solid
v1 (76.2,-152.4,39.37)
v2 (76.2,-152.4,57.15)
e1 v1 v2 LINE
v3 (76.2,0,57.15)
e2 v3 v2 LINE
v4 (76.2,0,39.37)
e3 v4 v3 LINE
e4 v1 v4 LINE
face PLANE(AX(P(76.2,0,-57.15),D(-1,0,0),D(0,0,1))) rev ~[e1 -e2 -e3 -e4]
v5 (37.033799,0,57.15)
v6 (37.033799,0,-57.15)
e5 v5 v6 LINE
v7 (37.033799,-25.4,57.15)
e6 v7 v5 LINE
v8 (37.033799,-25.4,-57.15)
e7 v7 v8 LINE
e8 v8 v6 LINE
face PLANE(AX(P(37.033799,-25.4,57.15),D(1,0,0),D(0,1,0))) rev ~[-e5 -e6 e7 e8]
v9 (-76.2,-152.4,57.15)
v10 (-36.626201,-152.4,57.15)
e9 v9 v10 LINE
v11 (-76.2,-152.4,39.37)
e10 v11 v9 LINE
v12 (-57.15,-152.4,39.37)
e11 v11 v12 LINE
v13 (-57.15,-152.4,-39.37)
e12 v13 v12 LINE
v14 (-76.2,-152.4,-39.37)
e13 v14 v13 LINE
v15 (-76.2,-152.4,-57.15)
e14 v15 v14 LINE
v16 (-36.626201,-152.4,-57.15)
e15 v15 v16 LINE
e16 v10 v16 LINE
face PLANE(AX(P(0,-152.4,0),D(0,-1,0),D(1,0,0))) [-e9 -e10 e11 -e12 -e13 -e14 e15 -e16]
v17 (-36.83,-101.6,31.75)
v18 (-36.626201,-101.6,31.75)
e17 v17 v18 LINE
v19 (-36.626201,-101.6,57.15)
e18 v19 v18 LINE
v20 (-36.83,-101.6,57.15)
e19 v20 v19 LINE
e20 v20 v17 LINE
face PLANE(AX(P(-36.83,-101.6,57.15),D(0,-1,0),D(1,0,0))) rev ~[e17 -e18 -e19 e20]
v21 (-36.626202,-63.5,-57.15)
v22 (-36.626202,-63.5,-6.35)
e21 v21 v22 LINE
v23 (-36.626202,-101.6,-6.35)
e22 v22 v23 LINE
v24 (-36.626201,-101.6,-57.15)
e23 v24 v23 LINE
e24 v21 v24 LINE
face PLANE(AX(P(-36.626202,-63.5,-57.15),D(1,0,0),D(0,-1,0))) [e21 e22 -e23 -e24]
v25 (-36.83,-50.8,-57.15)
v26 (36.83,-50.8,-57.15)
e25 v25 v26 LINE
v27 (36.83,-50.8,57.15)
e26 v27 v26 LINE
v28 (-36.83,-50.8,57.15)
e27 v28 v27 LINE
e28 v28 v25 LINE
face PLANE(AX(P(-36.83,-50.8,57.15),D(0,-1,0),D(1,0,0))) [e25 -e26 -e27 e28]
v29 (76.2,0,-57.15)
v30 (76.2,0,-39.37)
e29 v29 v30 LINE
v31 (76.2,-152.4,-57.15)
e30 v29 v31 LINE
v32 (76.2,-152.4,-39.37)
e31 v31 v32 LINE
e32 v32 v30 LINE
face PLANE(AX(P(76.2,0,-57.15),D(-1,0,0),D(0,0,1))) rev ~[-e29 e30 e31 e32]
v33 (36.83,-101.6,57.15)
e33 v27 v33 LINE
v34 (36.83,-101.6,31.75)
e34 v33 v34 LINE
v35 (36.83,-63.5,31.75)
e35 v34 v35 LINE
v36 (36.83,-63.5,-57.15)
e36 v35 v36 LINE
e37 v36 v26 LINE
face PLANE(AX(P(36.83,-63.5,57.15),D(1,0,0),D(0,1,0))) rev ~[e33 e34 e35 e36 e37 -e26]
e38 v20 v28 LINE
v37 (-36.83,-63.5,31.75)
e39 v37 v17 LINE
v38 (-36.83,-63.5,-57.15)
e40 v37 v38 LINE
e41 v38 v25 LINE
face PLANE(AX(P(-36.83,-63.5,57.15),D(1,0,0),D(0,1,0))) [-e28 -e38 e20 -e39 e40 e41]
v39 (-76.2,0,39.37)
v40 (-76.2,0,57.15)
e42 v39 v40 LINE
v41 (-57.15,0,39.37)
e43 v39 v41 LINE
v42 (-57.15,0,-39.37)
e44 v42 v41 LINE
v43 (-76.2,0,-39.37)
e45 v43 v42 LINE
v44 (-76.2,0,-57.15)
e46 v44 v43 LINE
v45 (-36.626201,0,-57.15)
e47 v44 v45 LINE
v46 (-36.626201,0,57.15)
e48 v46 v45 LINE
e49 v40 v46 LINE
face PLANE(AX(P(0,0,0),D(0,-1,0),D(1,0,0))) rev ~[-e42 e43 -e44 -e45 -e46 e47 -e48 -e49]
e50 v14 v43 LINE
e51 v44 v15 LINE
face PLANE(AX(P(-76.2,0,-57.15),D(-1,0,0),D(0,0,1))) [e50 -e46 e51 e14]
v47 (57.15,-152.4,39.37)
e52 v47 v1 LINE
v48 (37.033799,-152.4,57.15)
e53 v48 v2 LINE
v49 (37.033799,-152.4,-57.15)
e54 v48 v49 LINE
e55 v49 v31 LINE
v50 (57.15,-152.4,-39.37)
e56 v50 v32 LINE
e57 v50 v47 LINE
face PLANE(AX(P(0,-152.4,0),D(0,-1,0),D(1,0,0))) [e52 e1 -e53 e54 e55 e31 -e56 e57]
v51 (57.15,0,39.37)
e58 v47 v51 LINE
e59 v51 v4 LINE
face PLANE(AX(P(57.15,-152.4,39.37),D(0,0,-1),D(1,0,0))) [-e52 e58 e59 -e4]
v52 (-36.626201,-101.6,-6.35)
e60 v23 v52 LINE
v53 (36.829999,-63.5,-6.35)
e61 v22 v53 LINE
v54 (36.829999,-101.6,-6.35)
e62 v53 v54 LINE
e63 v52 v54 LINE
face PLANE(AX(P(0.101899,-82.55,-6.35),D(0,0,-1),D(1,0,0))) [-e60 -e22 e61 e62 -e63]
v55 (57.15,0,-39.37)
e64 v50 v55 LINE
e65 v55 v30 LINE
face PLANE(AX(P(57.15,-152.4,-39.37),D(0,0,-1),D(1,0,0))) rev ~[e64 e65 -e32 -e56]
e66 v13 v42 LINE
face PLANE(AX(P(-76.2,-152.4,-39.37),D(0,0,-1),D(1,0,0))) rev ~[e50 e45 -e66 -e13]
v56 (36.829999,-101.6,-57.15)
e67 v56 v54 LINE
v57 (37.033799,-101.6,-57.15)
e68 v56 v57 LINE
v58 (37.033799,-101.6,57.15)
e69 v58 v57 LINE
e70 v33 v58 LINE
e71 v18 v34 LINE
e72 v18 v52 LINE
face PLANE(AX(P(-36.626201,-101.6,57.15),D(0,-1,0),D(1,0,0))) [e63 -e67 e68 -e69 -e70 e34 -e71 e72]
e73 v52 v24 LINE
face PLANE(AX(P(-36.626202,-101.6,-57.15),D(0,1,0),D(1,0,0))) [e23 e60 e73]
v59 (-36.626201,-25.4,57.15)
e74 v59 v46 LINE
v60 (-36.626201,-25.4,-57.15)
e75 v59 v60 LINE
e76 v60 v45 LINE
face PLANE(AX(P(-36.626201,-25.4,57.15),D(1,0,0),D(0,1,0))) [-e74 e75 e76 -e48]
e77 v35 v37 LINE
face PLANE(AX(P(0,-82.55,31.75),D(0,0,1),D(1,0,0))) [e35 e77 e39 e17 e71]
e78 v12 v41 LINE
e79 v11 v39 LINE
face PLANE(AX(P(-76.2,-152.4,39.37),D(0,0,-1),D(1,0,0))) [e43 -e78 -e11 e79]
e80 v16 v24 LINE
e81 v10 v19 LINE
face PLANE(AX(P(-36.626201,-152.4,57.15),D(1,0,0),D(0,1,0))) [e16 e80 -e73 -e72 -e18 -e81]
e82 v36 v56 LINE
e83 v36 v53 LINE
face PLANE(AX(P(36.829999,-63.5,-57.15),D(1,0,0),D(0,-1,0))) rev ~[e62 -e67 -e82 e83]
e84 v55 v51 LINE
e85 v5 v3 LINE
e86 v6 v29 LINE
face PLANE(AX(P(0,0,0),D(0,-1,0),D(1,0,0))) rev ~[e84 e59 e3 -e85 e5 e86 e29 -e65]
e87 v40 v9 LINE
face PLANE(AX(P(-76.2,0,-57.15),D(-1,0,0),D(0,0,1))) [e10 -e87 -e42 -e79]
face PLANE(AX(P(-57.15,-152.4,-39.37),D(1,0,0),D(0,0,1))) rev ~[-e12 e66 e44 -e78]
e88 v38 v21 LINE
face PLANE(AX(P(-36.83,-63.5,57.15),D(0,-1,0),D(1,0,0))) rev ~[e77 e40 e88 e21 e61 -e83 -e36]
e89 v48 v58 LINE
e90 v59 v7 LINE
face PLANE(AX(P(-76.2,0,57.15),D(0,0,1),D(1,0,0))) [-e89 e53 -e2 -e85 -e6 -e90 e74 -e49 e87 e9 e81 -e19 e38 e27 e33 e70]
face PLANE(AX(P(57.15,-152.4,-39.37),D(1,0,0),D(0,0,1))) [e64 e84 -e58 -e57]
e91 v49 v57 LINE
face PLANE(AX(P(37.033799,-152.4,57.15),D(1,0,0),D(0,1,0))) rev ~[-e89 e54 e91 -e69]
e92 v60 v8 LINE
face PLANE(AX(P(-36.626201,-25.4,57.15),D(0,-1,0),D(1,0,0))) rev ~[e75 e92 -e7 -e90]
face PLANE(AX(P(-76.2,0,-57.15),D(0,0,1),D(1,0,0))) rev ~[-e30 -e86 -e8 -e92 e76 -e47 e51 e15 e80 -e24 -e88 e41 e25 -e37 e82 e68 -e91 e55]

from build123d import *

# Parameters (mm, degrees)
F0_W      = 152.4
F0_H      = 114.3
F1_DEPTH  = 152.4
F2_W      = 19.05
F2_H      = 78.74
F3_DEPTH  = 152.401
F4_DEPTH  = 152.401
F5_W      = 73.66
F5_H      = 50.8
F5_H_2    = 25.4
F6_DEPTH  = 114.301
F7_W      = 73.66
F7_H      = 12.7
F8_DEPTH  = 114.301
F9_DEPTH  = 25.4
F10_W     = 73.456201
F10_H     = 38.1
F11_DEPTH = 50.8


with BuildPart() as f1:
    # F0 (on Front) → F1 (new body)
    with BuildSketch(Plane.XZ):
        Rectangle(F0_W, F0_H)
    extrude(amount=F1_DEPTH)

    # F2 (on face) → F3 (cut, through all)
    with BuildSketch(Plane.XZ.offset(152.4)):
        with Locations((-66.675, 0)):
            Rectangle(F2_W, F2_H)
    extrude(amount=-F3_DEPTH, mode=Mode.SUBTRACT)

    # F2 (on face) → F4 (cut, through all)
    with BuildSketch(Plane.XZ.offset(152.4)):
        with Locations((66.675, 0)):
            Rectangle(F2_W, F2_H)
    extrude(amount=-F4_DEPTH, mode=Mode.SUBTRACT)

    # F5 (on face) → F6 (cut, through all)
    with BuildSketch(Plane.XY.offset(57.15)):
        with Locations((0.203799, -127)):
            Rectangle(F5_W, F5_H)
        with Locations((0.203799, -12.7)):
            Rectangle(F5_W, F5_H_2)
    extrude(amount=-F6_DEPTH, mode=Mode.SUBTRACT)

    # F7 (on face) → F8 (cut, through all)
    with BuildSketch(Plane.XY.offset(57.15)):
        with Locations((0, -57.15)):
            Rectangle(F7_W, F7_H)
    extrude(amount=-F8_DEPTH, mode=Mode.SUBTRACT)

    # F7 (on face) → F9 (cut)
    with BuildSketch(Plane.XY.offset(57.15)):
        Polygon((-36.83, -63.5), (-36.83, -101.6), (-36.626201, -101.6), (36.83, -101.6), (36.83, -63.5), align=None)
    extrude(amount=-F9_DEPTH, mode=Mode.SUBTRACT)

    # F10 (on face) → F11 (cut)
    with BuildSketch(Plane(origin=(0, 0, -57.15), x_dir=(1, 0, 0), z_dir=(0, 0, -1))):
        with Locations((0.101899, 82.55)):
            Rectangle(F10_W, F10_H)
    extrude(amount=-F11_DEPTH, mode=Mode.SUBTRACT)


solid = f1.part
